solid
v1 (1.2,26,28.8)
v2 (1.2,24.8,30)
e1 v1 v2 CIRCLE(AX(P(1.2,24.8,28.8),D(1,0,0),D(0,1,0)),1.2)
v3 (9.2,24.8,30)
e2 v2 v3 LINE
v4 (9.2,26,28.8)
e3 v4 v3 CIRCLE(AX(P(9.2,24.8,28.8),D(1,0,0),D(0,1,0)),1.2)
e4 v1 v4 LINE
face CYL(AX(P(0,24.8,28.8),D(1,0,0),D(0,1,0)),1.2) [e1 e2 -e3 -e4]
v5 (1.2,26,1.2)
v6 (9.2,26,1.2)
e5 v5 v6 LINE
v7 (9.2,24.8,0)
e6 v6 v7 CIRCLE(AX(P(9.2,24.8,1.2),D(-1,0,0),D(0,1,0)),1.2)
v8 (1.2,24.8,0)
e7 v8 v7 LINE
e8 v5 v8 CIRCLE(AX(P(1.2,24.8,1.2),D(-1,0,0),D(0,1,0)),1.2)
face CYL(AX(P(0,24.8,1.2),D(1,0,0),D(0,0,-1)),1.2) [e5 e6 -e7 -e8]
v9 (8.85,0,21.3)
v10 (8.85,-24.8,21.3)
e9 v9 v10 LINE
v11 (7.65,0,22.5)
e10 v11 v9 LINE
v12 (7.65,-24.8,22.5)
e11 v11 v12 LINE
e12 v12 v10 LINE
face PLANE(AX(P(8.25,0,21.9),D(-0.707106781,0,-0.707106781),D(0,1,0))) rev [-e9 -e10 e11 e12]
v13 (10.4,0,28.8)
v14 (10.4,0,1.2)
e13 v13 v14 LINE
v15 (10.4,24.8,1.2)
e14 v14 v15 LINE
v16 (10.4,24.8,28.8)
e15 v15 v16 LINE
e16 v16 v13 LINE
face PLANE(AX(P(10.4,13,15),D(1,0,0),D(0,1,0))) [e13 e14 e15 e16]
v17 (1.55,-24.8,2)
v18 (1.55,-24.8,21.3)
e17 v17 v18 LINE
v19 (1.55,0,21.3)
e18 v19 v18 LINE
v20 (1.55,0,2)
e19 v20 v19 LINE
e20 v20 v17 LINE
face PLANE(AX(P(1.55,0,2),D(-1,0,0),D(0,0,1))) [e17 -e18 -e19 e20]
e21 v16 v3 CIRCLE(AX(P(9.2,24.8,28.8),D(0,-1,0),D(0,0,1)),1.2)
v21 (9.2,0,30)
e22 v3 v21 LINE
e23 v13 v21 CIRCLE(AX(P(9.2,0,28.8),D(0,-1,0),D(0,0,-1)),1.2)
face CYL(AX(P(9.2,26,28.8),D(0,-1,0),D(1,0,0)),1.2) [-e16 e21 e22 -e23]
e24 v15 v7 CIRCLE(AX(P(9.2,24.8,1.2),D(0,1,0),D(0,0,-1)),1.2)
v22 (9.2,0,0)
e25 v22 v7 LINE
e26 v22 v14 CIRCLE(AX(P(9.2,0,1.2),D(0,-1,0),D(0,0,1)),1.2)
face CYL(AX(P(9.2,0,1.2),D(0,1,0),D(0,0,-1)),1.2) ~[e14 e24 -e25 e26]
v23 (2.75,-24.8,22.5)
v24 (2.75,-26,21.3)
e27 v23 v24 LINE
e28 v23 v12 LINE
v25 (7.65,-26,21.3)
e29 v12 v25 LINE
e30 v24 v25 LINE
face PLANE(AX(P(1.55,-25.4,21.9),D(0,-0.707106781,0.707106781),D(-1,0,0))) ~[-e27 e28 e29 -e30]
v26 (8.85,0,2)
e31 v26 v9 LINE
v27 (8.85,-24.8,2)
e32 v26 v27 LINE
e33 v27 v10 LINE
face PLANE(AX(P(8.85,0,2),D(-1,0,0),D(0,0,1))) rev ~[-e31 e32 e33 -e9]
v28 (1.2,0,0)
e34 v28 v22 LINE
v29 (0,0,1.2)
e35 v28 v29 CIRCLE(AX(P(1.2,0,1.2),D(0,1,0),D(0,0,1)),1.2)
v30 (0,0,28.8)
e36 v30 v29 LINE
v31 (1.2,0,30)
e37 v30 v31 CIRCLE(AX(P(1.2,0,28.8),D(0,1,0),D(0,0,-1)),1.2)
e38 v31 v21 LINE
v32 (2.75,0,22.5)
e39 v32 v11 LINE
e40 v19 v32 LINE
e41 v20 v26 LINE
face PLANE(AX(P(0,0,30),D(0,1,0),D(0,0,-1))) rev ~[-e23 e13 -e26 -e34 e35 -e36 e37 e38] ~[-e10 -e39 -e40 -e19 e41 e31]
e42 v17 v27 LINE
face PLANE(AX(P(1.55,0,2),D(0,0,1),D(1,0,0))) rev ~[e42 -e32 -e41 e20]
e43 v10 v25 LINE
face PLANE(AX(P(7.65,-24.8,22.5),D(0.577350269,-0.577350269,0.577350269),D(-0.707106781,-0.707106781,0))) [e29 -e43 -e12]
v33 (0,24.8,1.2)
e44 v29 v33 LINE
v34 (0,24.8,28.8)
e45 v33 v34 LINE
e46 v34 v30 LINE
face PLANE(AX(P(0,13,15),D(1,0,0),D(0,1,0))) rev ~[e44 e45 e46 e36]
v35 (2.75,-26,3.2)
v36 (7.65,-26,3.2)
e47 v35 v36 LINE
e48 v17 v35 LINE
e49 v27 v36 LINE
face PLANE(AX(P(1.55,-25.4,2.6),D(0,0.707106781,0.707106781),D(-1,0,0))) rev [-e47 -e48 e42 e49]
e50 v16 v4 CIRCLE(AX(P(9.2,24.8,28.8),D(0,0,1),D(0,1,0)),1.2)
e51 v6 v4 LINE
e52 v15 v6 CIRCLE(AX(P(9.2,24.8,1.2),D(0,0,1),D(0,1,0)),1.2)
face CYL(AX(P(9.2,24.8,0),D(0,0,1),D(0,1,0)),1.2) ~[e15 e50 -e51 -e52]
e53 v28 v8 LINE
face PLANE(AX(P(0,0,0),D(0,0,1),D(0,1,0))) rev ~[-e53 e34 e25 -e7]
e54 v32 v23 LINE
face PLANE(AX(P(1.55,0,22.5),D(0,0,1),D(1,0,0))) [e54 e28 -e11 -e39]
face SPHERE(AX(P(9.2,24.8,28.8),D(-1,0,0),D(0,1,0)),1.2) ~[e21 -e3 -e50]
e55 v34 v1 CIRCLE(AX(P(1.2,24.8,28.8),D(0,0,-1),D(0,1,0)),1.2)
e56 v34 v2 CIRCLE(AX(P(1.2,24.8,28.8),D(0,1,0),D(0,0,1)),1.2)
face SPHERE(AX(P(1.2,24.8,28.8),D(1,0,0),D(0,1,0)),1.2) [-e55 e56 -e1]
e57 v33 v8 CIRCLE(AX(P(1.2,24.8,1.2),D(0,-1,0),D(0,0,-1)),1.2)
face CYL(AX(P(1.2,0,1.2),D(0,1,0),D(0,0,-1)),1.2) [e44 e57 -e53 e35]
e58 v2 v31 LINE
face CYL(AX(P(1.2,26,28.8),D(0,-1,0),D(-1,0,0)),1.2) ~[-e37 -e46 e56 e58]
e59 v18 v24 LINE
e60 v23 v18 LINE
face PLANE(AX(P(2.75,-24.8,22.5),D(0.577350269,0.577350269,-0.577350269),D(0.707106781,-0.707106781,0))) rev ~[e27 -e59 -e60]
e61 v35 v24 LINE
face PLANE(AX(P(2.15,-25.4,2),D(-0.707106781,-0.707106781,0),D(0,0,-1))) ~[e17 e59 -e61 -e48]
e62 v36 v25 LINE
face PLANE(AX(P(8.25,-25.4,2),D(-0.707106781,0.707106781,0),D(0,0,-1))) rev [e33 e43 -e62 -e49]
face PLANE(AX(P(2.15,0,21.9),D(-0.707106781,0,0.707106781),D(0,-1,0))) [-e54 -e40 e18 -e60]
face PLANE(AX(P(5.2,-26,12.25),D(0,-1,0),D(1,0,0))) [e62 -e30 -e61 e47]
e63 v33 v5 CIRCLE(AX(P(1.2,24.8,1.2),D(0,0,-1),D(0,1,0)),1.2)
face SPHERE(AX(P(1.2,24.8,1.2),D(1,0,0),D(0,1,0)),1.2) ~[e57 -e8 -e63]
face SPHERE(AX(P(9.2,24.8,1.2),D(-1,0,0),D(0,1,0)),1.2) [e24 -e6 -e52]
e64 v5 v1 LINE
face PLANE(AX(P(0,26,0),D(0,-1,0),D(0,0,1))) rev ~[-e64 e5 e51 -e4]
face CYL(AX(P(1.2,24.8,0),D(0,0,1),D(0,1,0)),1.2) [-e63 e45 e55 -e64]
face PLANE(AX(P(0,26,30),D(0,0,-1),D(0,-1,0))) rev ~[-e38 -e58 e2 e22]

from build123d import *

# Parameters (mm, degrees)
F1_DEPTH = 10.4
F2_W     = 7.3
F2_H     = 20.5
F3_DEPTH = 26
F4_R     = 1.2
F5_SIZE  = 1.2


with BuildPart() as f1:
    # F0 (on Right) → F1 (new body)
    with BuildSketch(Plane.YZ):
        Polygon((0, 7.5), (0, 0), (26, 0), (26, 30), (0, 30), (0, 28), align=None)
    extrude(amount=F1_DEPTH)

    # F2 (on face) → F3 (join)
    with BuildSketch(Plane.XZ):
        with Locations((5.2, 12.25)):
            Rectangle(F2_W, F2_H)
    extrude(amount=F3_DEPTH)

    # F4
    f4_edges = [f1.edges().sort_by_distance(p)[0] for p in [
        (5.2, 26, 0),
        (5.2, 26, 30),
        (0, 26, 15),
        (10.4, 26, 15),
        (0, 13, 0),
        (10.4, 13, 0),
        (0, 13, 30),
        (10.4, 13, 30),
    ]]
    fillet(f4_edges, radius=F4_R)

    # F5
    f5_edges = [f1.edges().sort_by_distance(p)[0] for p in [
        (1.55, -26, 12.25),
        (8.85, -26, 12.25),
        (8.85, -13, 22.5),
        (1.55, -13, 22.5),
        (5.2, -26, 22.5),
        (5.2, -26, 2),
    ]]
    chamfer(f5_edges, length=F5_SIZE)


solid = f1.part
